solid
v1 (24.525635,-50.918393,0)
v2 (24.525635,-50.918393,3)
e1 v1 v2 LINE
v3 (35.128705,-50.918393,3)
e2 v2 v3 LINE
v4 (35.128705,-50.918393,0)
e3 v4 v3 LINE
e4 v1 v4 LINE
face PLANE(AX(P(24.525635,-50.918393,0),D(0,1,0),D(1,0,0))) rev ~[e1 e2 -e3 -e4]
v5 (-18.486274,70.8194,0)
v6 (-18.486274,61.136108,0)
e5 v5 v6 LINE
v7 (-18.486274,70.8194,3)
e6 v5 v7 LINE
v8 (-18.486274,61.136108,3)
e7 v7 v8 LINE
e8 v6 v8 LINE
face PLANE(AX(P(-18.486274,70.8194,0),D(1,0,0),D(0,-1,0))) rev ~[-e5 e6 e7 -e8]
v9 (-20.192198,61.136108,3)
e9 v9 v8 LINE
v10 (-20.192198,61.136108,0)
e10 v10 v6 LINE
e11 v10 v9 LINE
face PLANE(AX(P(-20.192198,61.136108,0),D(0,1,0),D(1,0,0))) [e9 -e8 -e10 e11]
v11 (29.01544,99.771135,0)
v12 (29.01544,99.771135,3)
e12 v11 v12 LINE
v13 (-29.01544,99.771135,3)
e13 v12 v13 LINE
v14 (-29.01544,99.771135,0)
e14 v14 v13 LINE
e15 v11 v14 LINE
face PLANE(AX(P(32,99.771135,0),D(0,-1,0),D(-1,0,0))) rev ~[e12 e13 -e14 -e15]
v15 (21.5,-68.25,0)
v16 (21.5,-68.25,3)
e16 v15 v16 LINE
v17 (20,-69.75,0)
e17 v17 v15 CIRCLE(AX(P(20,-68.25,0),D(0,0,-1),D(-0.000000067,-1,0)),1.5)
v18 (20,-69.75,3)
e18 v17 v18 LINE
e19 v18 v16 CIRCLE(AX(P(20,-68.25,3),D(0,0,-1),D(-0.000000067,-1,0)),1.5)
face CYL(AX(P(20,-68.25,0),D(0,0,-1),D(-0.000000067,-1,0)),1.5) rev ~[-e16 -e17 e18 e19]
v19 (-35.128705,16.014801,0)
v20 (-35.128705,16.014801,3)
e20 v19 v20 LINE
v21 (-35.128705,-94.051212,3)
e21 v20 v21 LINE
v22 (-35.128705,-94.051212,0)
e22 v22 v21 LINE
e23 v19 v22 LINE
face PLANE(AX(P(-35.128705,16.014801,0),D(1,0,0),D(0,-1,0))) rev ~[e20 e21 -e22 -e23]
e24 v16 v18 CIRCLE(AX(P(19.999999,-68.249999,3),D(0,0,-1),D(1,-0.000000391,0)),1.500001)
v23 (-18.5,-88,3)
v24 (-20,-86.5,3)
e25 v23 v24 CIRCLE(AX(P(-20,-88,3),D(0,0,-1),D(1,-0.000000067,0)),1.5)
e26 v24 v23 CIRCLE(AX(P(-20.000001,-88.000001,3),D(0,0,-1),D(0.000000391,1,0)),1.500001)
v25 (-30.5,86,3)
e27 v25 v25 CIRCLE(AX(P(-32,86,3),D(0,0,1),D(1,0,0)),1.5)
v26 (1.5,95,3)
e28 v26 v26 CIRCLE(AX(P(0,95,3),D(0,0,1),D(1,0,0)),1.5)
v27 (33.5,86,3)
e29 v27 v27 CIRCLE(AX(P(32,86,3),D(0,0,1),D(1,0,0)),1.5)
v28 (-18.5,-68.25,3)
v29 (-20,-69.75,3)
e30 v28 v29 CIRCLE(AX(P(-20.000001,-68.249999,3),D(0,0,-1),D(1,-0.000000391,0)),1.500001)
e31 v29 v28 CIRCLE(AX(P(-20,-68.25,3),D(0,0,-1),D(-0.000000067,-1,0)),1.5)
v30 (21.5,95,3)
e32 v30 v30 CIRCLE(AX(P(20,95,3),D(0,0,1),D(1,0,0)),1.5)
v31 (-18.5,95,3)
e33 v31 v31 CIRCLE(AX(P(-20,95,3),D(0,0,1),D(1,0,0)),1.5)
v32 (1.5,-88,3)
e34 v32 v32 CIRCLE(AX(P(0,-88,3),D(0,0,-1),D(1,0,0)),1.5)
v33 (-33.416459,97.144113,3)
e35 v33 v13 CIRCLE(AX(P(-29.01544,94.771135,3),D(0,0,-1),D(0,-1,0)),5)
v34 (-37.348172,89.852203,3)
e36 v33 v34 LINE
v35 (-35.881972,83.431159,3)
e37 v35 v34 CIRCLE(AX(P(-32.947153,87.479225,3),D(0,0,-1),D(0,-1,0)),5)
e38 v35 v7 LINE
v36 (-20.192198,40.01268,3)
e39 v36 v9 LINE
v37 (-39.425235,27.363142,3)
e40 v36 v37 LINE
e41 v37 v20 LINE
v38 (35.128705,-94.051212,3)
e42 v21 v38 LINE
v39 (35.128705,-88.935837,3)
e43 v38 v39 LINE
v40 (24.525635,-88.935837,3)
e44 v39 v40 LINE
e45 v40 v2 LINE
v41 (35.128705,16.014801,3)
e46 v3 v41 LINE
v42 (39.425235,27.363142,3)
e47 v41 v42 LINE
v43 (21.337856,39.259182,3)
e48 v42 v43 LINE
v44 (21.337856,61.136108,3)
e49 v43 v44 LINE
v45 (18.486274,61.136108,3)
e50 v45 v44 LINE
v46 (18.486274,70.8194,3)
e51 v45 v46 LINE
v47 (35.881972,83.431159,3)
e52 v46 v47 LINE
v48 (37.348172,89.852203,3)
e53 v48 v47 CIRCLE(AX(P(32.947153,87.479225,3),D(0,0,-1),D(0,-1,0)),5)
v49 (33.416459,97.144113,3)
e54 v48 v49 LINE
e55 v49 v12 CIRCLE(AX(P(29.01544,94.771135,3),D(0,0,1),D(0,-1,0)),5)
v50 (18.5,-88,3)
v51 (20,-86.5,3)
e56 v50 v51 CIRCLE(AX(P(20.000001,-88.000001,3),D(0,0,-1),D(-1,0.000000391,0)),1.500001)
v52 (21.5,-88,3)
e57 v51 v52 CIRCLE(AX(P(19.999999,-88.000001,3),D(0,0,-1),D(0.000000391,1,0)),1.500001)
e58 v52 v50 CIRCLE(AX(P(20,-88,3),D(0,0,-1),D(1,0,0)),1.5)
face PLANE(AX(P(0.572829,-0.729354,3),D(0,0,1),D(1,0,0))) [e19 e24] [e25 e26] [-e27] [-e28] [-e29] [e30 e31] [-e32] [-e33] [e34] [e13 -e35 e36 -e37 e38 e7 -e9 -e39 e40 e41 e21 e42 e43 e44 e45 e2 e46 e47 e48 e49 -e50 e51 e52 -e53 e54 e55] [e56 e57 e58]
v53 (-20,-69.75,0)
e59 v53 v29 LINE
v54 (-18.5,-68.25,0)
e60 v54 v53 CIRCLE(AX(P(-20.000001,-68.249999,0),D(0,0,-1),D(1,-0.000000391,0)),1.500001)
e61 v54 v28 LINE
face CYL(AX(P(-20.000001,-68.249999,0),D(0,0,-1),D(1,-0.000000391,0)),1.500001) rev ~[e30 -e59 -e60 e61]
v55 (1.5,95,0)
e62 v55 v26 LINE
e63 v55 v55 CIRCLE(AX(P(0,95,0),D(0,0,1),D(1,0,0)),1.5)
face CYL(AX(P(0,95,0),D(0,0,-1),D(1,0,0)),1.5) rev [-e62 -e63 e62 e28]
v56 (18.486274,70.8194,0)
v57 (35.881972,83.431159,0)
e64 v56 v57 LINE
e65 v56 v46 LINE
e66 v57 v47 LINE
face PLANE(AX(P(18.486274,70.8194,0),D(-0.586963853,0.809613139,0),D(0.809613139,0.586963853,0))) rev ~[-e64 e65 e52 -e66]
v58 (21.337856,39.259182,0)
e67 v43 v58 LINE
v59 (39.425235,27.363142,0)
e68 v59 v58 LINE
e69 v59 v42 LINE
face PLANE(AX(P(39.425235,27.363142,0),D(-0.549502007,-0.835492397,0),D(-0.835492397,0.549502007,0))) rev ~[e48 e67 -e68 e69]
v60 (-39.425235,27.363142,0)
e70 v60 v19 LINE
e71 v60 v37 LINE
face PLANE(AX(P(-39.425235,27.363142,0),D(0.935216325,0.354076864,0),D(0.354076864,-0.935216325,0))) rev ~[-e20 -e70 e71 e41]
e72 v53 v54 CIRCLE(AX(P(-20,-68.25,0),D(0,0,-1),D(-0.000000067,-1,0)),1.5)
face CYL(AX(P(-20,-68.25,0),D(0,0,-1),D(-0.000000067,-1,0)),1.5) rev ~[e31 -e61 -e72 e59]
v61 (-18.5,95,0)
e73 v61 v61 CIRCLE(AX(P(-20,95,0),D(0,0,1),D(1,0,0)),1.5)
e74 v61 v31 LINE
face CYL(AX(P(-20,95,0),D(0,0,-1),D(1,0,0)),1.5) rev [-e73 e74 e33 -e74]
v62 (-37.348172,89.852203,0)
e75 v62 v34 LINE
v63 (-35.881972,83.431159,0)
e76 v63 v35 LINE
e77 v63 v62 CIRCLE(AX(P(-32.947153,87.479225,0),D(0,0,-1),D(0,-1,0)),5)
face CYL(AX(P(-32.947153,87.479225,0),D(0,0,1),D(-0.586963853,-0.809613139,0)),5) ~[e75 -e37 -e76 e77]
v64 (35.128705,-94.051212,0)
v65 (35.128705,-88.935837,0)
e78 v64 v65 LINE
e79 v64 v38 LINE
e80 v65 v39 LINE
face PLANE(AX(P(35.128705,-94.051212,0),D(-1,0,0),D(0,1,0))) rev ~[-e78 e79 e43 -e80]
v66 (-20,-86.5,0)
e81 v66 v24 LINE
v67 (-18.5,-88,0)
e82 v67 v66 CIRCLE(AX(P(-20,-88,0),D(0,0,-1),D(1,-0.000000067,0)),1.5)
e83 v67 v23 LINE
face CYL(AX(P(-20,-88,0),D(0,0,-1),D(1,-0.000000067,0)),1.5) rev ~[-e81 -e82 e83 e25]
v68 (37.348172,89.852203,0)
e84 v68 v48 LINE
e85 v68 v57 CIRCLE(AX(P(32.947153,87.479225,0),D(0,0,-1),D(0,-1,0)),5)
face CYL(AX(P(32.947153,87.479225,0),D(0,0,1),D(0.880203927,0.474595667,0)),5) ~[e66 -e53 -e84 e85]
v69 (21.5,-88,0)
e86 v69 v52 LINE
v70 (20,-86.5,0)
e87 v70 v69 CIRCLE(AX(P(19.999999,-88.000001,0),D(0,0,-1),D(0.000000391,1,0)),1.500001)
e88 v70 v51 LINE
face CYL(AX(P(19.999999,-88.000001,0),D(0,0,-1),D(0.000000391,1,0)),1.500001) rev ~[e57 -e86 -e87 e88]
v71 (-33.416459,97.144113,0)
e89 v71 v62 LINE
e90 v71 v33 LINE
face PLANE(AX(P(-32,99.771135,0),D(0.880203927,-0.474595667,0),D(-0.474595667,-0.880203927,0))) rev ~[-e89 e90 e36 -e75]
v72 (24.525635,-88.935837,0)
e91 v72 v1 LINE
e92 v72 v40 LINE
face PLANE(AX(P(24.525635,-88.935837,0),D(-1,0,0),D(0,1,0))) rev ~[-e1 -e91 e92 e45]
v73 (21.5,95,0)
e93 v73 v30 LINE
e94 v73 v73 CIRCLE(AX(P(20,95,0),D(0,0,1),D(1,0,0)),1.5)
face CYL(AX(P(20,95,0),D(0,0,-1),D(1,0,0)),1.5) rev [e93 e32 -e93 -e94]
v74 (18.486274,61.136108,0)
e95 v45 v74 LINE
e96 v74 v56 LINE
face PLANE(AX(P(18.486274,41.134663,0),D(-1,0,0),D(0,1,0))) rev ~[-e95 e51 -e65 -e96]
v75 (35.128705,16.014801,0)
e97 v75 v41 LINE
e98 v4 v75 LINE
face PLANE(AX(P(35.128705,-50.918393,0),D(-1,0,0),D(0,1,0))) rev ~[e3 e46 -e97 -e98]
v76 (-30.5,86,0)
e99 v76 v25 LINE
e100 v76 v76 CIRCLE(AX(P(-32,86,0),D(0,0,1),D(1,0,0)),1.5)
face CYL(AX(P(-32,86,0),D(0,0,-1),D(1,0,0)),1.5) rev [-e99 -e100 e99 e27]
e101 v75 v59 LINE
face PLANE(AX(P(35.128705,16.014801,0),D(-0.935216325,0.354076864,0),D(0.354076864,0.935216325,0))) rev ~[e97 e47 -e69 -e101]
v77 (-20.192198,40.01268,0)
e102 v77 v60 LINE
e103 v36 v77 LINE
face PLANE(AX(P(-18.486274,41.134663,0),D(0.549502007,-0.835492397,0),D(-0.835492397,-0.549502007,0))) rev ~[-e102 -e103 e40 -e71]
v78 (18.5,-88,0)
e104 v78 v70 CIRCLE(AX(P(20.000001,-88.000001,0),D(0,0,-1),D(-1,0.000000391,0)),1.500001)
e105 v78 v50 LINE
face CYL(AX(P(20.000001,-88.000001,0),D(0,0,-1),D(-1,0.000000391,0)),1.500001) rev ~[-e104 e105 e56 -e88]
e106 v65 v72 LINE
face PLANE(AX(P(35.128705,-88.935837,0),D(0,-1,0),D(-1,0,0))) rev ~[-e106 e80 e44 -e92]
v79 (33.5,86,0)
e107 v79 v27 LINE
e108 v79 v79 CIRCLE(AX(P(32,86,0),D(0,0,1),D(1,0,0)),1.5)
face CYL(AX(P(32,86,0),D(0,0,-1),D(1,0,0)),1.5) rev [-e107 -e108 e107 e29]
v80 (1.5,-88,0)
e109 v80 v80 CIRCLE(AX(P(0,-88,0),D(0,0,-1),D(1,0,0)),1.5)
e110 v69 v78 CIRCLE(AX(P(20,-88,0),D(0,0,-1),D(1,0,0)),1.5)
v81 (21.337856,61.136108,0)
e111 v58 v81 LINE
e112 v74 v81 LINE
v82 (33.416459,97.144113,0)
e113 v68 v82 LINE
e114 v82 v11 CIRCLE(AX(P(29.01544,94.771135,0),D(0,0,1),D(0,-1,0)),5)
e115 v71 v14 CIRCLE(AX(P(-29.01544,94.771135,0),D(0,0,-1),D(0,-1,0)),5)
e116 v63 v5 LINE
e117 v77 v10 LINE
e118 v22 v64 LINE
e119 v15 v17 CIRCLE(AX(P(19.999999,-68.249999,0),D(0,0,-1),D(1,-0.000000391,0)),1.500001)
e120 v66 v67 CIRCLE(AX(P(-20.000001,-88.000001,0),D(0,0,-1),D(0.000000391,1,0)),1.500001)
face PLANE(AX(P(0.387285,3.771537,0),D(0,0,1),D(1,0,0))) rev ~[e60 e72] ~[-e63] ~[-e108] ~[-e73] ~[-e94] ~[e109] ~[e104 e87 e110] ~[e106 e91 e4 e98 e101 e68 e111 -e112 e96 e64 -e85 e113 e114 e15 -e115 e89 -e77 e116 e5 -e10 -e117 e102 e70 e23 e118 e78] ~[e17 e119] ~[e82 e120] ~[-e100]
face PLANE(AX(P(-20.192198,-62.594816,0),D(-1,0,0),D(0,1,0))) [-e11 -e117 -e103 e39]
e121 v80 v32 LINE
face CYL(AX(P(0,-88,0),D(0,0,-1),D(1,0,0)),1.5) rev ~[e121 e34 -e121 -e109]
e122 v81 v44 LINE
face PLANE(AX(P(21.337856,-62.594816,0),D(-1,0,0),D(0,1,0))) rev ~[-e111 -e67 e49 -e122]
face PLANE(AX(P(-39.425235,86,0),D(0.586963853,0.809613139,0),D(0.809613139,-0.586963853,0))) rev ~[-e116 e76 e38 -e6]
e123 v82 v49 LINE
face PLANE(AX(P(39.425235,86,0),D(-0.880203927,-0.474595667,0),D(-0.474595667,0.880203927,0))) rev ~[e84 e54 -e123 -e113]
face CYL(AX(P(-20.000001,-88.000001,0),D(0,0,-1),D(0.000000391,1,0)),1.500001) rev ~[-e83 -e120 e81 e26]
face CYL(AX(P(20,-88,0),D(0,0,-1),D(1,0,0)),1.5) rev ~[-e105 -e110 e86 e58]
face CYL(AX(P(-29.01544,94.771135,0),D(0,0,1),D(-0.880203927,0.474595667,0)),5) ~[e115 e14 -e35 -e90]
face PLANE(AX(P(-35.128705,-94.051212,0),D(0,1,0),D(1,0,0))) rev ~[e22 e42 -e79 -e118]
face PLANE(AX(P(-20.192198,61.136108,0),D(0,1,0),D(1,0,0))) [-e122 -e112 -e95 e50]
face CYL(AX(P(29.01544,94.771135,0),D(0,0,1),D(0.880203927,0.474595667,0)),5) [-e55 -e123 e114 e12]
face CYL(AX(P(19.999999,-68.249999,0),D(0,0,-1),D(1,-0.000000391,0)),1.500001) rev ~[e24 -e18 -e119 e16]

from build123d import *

# Parameters (mm, degrees)
F0_R     = 1.5
F1_DEPTH = 3
F2_W     = 41.530054
F2_H     = 123.730924
F3_DEPTH = 3
F4_R     = 5


with BuildPart() as f1:
    # F0 (on Top) → F1 (new body)
    with BuildSketch(Plane.XY):
        Polygon((32, 99.771135), (-32, 99.771135), (-39.425235, 86), (-18.486274, 70.8194), (-18.486274, 41.134663), (-39.425235, 27.363142), (-35.128705, 16.014801), (-35.128705, -94.051212), (35.128705, -94.051212), (35.128705, -88.935837), (24.525635, -88.935837), (24.525635, -50.918393), (35.128705, -50.918393), (35.128705, 16.014801), (39.425235, 27.363142), (18.486274, 41.134663), (18.486274, 70.8194), (39.425235, 86), align=None)
        with BuildLine():
            ThreePointArc((-20, -86.5), (-18.93934, -86.93934), (-18.5, -88))
            ThreePointArc((-18.5, -88), (-21.06066, -89.06066), (-20, -86.5))
        make_face(mode=Mode.SUBTRACT)
        with BuildLine():
            ThreePointArc((-18.5, -68.25), (-18.93934, -69.31066), (-20, -69.75))
            ThreePointArc((-20, -69.75), (-21.06066, -67.18934), (-18.5, -68.25))
        make_face(mode=Mode.SUBTRACT)
        with BuildLine():
            ThreePointArc((-1.5, -88), (0, -86.5), (1.5, -88))
            ThreePointArc((1.5, -88), (0, -89.5), (-1.5, -88))
        make_face(mode=Mode.SUBTRACT)
        with BuildLine():
            ThreePointArc((21.5, -88), (20, -89.5), (18.5, -88))
            ThreePointArc((18.5, -88), (18.93934, -86.93934), (20, -86.5))
            ThreePointArc((20, -86.5), (21.06066, -86.93934), (21.5, -88))
        make_face(mode=Mode.SUBTRACT)
        with BuildLine():
            ThreePointArc((21.5, -68.25), (21.06066, -69.31066), (20, -69.75))
            ThreePointArc((20, -69.75), (18.93934, -67.18934), (21.5, -68.25))
        make_face(mode=Mode.SUBTRACT)
        with Locations((-32, 86)):
            Circle(F0_R, mode=Mode.SUBTRACT)
        with Locations((-20, 95)):
            Circle(F0_R, mode=Mode.SUBTRACT)
        with Locations((0, 95)):
            Circle(F0_R, mode=Mode.SUBTRACT)
        with Locations((20, 95)):
            Circle(F0_R, mode=Mode.SUBTRACT)
        with Locations((32, 86)):
            Circle(F0_R, mode=Mode.SUBTRACT)
    extrude(amount=F1_DEPTH)

    # F2 (on Top) → F3 (join)
    with BuildSketch(Plane.XY):
        with Locations((0.572829, -0.729354)):
            Rectangle(F2_W, F2_H)
    extrude(amount=F3_DEPTH)

    # F4
    f4_edges = [f1.edges().sort_by_distance(p)[0] for p in [
        (39.425235, 86, 1.5),
        (32, 99.771135, 1.5),
        (-32, 99.771135, 1.5),
        (-39.425235, 86, 1.5),
    ]]
    fillet(f4_edges, radius=F4_R)


solid = f1.part
